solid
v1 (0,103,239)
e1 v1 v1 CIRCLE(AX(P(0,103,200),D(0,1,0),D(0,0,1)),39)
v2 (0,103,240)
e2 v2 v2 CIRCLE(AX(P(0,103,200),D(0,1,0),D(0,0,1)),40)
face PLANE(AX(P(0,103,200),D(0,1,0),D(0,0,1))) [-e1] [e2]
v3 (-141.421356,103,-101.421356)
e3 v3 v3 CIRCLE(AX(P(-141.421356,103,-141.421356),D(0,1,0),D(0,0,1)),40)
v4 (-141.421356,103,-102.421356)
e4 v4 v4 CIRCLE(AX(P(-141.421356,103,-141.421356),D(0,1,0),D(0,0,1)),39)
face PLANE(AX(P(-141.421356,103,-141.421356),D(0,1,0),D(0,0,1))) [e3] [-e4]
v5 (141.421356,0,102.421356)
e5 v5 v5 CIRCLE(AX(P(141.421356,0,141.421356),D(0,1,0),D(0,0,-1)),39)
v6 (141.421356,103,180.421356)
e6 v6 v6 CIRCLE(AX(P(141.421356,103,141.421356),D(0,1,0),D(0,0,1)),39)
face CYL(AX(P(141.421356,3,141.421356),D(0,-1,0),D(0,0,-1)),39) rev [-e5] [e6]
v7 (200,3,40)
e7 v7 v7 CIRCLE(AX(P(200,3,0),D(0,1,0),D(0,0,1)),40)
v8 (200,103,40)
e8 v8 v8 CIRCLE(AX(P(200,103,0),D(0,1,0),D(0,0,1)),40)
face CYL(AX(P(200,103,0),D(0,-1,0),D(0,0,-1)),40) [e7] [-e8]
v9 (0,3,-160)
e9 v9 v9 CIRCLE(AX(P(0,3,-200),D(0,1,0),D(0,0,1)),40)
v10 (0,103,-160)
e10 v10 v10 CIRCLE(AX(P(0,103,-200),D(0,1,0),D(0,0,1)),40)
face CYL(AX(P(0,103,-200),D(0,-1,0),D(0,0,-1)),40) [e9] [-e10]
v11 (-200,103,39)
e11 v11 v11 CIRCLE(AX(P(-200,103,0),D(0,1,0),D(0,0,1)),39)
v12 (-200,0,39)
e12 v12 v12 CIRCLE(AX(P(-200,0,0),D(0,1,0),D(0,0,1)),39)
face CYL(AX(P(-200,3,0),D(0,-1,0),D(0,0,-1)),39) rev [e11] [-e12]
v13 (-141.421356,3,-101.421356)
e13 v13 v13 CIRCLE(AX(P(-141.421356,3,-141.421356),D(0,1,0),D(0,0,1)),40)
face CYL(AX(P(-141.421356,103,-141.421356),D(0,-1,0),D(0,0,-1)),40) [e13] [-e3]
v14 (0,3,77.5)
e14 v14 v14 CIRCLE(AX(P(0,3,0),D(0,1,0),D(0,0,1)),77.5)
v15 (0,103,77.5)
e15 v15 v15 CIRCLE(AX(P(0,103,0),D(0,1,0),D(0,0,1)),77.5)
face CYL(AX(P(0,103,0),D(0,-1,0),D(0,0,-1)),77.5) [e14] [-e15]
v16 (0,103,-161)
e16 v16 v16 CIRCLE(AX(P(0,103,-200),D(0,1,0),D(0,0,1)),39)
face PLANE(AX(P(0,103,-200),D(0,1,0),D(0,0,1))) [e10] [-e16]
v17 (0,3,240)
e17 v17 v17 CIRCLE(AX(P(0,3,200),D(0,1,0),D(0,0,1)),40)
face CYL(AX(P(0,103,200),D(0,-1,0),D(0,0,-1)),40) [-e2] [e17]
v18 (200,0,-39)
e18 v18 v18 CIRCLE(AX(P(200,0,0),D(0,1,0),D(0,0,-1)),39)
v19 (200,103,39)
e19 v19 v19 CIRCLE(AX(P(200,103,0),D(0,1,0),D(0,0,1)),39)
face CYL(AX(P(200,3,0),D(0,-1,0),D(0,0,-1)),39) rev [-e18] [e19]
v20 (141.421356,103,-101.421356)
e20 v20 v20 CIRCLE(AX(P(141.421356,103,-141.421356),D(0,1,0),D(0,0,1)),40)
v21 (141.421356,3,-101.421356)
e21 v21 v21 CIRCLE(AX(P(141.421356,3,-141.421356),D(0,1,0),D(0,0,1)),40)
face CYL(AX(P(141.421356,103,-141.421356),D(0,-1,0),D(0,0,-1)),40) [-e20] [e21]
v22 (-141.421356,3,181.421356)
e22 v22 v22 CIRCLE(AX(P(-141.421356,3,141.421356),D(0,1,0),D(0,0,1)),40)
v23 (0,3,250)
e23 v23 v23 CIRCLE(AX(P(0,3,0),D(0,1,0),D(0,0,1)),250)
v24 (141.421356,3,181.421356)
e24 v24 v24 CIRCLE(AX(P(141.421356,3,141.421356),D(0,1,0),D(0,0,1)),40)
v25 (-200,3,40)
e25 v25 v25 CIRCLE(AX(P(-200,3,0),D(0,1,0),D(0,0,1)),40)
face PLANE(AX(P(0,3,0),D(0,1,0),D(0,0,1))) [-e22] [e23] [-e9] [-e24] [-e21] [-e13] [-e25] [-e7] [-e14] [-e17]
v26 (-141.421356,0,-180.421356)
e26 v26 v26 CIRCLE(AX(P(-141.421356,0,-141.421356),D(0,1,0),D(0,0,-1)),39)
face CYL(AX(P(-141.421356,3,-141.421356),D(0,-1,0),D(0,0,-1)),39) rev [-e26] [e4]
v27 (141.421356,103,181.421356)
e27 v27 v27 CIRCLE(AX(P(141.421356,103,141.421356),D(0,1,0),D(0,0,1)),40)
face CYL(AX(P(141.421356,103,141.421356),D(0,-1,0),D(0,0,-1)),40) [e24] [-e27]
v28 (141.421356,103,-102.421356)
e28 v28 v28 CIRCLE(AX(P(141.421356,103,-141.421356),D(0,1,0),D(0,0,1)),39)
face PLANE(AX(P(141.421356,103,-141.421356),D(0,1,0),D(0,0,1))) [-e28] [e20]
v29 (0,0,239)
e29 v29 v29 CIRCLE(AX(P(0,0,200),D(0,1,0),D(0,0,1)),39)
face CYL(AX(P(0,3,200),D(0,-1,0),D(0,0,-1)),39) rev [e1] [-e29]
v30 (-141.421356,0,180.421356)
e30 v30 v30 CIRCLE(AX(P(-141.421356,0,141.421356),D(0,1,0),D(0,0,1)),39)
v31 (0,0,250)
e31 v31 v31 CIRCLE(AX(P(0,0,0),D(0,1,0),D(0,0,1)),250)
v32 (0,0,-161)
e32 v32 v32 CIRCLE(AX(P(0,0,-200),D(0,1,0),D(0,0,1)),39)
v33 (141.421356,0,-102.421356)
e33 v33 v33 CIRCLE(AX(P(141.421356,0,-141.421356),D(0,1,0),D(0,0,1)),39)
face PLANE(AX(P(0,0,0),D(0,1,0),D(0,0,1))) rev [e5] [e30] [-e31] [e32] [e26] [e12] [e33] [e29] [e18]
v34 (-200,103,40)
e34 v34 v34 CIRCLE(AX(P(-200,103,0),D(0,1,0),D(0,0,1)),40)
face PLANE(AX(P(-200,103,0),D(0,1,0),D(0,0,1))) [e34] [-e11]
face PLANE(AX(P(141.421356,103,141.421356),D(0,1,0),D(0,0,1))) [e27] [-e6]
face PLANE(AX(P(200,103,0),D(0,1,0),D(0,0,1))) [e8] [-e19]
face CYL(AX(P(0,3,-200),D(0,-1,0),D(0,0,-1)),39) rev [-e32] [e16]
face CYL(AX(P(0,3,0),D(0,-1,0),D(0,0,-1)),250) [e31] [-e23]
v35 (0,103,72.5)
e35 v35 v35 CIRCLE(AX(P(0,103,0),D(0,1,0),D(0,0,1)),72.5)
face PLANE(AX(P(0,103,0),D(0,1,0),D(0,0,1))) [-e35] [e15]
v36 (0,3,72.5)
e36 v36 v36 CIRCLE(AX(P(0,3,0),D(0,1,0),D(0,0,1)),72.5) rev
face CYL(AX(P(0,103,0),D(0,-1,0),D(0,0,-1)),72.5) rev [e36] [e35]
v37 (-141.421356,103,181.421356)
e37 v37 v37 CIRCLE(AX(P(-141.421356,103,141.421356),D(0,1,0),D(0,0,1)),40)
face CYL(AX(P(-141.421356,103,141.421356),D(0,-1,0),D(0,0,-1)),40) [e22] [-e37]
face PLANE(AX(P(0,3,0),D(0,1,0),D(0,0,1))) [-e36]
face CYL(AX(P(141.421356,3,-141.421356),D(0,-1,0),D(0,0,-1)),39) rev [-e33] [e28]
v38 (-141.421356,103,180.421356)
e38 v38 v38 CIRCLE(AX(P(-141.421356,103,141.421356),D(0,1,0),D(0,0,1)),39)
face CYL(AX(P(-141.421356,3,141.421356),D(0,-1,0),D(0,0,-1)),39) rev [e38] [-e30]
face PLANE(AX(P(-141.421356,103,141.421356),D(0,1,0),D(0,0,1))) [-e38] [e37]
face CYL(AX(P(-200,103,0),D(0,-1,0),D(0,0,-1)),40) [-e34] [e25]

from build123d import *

# Parameters (mm, degrees)
SKETCH1_R           = 250
SKETCH1_R_2         = 39
BOSS_EXTRUDE1_DEPTH = 3
SKETCH2_R           = 40
SKETCH2_R_2         = 39
BOSS_EXTRUDE2_DEPTH = 100
SKETCH3_R           = 77.5
SKETCH3_R_2         = 72.5
BOSS_EXTRUDE3_DEPTH = 100


with BuildPart() as part:
    # Sketch1 → Boss-Extrude1 (new body)
    with BuildSketch(Plane(origin=(0, 0, 0), x_dir=(1, 0, 0), z_dir=(0, 1, 0))):
        with Locations(Location((0, 0, 0), (0, 0, 270))):
            Circle(SKETCH1_R)
        with Locations(Location((141.421356237, 141.421356237, 0), (0, 0, 270))):
            Circle(SKETCH1_R_2, mode=Mode.SUBTRACT)
        with Locations(Location((-141.421356237, 141.421356237, 0), (0, 0, 90))):
            Circle(SKETCH1_R_2, mode=Mode.SUBTRACT)
        with Locations(Location((-141.421356237, -141.421356237, 0), (0, 0, 270))):
            Circle(SKETCH1_R_2, mode=Mode.SUBTRACT)
        with Locations(Location((141.421356237, -141.421356237, 0), (0, 0, 90))):
            Circle(SKETCH1_R_2, mode=Mode.SUBTRACT)
        with Locations(Location((0, 200, 0), (0, 0, 270))):
            Circle(SKETCH1_R_2, mode=Mode.SUBTRACT)
        with Locations(Location((200, 0, 0), (0, 0, 90))):
            Circle(SKETCH1_R_2, mode=Mode.SUBTRACT)
        with Locations(Location((0, -200, 0), (0, 0, 270))):
            Circle(SKETCH1_R_2, mode=Mode.SUBTRACT)
        with Locations(Location((-200, 0, 0), (0, 0, 270))):
            Circle(SKETCH1_R_2, mode=Mode.SUBTRACT)
    extrude(amount=BOSS_EXTRUDE1_DEPTH)

    # Sketch2 → Boss-Extrude2 (add)
    # profile 1 of 8: a face of its own
    with BuildSketch(Plane(origin=(0, 3, 0), x_dir=(1, 0, 0), z_dir=(0, 1, 0))):
        with Locations(Location((0, 200, 0), (0, 0, 270))):
            Circle(SKETCH2_R)
        with Locations(Location((0, 200, 0), (0, 0, 270))):
            Circle(SKETCH2_R_2, mode=Mode.SUBTRACT)
    # profile 2 of 8: a face of its own
    with BuildSketch(Plane(origin=(0, 3, 0), x_dir=(1, 0, 0), z_dir=(0, 1, 0))):
        with Locations(Location((141.421356237, 141.421356237, 0), (0, 0, 270))):
            Circle(SKETCH2_R)
        with Locations(Location((141.421356237, 141.421356237, 0), (0, 0, 270))):
            Circle(SKETCH2_R_2, mode=Mode.SUBTRACT)
    # profile 3 of 8: a face of its own
    with BuildSketch(Plane(origin=(0, 3, 0), x_dir=(1, 0, 0), z_dir=(0, 1, 0))):
        with Locations(Location((200, 0, 0), (0, 0, 270))):
            Circle(SKETCH2_R)
        with Locations(Location((200, 0, 0), (0, 0, 90))):
            Circle(SKETCH2_R_2, mode=Mode.SUBTRACT)
    # profile 4 of 8: a face of its own
    with BuildSketch(Plane(origin=(0, 3, 0), x_dir=(1, 0, 0), z_dir=(0, 1, 0))):
        with Locations(Location((141.421356237, -141.421356237, 0), (0, 0, 270))):
            Circle(SKETCH2_R)
        with Locations(Location((141.421356237, -141.421356237, 0), (0, 0, 90))):
            Circle(SKETCH2_R_2, mode=Mode.SUBTRACT)
    # profile 5 of 8: a face of its own
    with BuildSketch(Plane(origin=(0, 3, 0), x_dir=(1, 0, 0), z_dir=(0, 1, 0))):
        with Locations(Location((0, -200, 0), (0, 0, 270))):
            Circle(SKETCH2_R)
        with Locations(Location((0, -200, 0), (0, 0, 270))):
            Circle(SKETCH2_R_2, mode=Mode.SUBTRACT)
    # profile 6 of 8: a face of its own
    with BuildSketch(Plane(origin=(0, 3, 0), x_dir=(1, 0, 0), z_dir=(0, 1, 0))):
        with Locations(Location((-141.421356237, -141.421356237, 0), (0, 0, 270))):
            Circle(SKETCH2_R)
        with Locations(Location((-141.421356237, -141.421356237, 0), (0, 0, 270))):
            Circle(SKETCH2_R_2, mode=Mode.SUBTRACT)
    # profile 7 of 8: a face of its own
    with BuildSketch(Plane(origin=(0, 3, 0), x_dir=(1, 0, 0), z_dir=(0, 1, 0))):
        with Locations(Location((-200, 0, 0), (0, 0, 270))):
            Circle(SKETCH2_R)
        with Locations(Location((-200, 0, 0), (0, 0, 270))):
            Circle(SKETCH2_R_2, mode=Mode.SUBTRACT)
    # profile 8 of 8: a face of its own
    with BuildSketch(Plane(origin=(0, 3, 0), x_dir=(1, 0, 0), z_dir=(0, 1, 0))):
        with Locations(Location((-141.421356237, 141.421356237, 0), (0, 0, 270))):
            Circle(SKETCH2_R)
        with Locations(Location((-141.421356237, 141.421356237, 0), (0, 0, 90))):
            Circle(SKETCH2_R_2, mode=Mode.SUBTRACT)
    extrude(amount=BOSS_EXTRUDE2_DEPTH)

    # Sketch3 → Boss-Extrude3 (add)
    with BuildSketch(Plane(origin=(0, 3, 0), x_dir=(1, 0, 0), z_dir=(0, 1, 0))):
        with Locations(Location((0, 0, 0), (0, 0, 270))):
            Circle(SKETCH3_R)
        with Locations(Location((0, 0, 0), (0, 0, 270))):
            Circle(SKETCH3_R_2, mode=Mode.SUBTRACT)
    extrude(amount=BOSS_EXTRUDE3_DEPTH)


solid = part.part
